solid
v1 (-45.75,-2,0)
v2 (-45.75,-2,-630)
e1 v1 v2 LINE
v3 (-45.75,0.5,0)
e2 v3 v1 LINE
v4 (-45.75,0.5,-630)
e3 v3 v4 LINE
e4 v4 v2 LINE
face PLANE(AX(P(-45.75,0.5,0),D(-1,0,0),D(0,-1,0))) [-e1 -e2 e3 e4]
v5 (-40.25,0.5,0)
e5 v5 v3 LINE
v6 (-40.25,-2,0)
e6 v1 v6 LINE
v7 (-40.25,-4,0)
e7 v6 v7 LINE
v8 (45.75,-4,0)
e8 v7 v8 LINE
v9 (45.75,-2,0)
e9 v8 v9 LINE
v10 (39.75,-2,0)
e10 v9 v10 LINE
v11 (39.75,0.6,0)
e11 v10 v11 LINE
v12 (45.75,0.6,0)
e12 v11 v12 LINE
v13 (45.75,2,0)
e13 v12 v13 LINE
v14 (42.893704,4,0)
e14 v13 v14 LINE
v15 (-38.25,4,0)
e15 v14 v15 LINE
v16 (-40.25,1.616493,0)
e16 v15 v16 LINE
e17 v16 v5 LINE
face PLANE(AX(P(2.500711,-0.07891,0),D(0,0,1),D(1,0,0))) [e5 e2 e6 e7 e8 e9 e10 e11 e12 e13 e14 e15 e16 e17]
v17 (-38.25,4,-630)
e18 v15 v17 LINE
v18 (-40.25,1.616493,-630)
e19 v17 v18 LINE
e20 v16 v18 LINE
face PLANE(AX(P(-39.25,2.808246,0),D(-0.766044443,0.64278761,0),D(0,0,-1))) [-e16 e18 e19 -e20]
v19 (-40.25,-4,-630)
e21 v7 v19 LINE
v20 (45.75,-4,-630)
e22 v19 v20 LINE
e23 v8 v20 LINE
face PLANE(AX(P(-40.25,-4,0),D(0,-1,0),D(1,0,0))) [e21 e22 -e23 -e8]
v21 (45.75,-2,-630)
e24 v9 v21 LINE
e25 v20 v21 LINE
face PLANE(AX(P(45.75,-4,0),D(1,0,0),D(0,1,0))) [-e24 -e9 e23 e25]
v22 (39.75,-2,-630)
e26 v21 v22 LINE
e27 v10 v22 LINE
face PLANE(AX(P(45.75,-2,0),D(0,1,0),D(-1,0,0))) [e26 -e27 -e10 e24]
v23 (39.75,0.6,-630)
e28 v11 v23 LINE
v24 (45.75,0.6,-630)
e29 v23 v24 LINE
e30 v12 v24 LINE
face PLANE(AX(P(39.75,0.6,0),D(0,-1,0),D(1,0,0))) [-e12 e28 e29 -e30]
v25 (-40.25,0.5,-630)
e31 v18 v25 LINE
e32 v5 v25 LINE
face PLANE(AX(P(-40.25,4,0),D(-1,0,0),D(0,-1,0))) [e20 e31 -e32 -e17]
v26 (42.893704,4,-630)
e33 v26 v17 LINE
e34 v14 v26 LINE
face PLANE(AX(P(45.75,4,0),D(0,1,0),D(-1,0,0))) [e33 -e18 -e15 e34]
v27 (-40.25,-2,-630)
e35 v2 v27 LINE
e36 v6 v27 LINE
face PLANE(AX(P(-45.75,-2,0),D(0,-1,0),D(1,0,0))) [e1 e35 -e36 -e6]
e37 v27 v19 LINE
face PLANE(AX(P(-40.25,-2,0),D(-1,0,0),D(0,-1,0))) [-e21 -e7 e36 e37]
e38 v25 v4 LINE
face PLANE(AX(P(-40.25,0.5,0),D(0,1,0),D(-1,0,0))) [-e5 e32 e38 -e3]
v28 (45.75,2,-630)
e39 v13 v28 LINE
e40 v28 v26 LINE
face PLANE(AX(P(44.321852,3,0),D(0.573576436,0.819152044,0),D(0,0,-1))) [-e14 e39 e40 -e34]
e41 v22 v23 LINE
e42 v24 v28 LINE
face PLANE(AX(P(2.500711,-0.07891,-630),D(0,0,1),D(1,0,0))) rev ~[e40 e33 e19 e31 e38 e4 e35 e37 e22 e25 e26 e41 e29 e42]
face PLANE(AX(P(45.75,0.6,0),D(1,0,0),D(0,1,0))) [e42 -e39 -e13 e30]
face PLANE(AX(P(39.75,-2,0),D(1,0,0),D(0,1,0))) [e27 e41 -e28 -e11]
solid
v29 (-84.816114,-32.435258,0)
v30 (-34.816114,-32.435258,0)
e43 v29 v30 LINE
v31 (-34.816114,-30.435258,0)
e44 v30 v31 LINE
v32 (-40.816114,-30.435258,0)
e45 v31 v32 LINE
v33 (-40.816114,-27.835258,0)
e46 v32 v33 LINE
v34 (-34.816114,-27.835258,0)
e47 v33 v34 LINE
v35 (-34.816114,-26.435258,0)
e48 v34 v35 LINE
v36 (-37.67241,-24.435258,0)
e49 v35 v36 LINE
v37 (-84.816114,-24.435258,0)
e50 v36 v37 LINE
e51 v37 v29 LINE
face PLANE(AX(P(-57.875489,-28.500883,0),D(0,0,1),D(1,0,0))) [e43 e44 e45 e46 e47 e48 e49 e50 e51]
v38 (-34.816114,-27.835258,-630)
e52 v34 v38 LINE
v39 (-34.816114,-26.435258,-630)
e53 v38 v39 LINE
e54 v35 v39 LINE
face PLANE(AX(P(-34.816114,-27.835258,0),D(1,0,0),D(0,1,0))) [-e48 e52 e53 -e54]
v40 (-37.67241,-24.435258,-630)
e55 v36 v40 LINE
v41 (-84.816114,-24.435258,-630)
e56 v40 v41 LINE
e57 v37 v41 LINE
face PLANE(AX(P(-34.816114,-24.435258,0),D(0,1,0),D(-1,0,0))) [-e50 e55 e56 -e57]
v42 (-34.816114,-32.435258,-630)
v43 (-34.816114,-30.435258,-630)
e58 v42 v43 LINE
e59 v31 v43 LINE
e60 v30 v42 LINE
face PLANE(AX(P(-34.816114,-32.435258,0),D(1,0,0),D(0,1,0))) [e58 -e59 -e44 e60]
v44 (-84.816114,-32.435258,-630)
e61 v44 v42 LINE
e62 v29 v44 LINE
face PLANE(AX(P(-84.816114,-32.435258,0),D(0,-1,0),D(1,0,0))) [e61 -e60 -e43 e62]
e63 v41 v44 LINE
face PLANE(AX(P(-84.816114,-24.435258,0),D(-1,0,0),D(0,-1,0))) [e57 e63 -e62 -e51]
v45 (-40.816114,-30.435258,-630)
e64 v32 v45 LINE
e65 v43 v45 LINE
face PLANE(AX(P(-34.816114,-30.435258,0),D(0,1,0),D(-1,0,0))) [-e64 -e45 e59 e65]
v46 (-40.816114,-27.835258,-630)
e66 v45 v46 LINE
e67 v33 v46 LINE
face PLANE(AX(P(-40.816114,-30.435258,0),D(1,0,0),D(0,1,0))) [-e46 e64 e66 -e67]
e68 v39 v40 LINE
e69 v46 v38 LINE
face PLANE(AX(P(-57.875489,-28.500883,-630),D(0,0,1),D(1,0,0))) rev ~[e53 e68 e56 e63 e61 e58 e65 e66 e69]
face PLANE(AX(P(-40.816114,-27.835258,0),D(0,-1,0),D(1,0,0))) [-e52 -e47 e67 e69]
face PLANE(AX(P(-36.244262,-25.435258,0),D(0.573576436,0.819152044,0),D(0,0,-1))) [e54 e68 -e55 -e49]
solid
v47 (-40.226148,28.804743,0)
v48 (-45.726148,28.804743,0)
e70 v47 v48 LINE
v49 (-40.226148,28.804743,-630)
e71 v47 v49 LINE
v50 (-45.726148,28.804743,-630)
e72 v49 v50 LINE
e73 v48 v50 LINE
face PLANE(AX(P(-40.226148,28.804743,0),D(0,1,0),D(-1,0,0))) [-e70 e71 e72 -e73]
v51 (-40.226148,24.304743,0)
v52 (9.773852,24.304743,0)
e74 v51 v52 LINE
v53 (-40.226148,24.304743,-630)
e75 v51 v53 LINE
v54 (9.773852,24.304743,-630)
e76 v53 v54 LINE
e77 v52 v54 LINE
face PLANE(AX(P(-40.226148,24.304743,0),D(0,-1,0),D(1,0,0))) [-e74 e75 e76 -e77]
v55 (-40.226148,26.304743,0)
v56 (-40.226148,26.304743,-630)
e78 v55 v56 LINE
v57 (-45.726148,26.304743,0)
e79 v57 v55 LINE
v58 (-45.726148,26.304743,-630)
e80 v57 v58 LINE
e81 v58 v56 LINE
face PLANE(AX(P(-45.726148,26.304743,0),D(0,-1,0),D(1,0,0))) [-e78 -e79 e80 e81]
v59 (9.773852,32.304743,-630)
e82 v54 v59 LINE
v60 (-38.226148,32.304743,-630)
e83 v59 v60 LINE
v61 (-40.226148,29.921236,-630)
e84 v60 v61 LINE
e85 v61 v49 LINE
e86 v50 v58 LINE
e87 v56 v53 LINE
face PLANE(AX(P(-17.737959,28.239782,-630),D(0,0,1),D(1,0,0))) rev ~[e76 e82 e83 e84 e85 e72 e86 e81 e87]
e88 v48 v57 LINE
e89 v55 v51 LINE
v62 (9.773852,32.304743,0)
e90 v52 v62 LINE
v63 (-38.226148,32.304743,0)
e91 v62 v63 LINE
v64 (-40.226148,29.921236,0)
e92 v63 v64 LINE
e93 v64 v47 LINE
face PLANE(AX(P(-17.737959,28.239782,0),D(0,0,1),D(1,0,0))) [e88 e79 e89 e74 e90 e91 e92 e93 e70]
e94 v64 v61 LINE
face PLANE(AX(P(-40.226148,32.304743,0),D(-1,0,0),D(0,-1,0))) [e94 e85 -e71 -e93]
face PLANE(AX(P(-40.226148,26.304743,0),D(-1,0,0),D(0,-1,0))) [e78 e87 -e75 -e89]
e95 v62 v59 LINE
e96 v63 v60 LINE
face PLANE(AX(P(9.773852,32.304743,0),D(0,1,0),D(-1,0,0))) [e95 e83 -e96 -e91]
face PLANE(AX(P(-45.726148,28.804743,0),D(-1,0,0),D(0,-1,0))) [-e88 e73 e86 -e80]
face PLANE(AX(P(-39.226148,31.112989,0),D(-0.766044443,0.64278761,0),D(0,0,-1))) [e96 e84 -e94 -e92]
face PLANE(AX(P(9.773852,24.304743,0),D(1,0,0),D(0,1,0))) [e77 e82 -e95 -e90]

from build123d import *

# Parameters (mm, degrees)
F1_DEPTH = 630
F2_SIZE2 = 2.3835071852
F2_SIZE  = 2
F3_SIZE2 = 2.8562960135
F3_SIZE  = 2
F4_DEPTH = 630
F5_DEPTH = 630
F6_SIZE2 = 2.3835071852
F6_SIZE  = 2
F7_SIZE2 = 2.8562960135
F7_SIZE  = 2


with BuildPart() as f1:
    # F0 (on Top) → F1 (new body)
    with BuildSketch(Plane.XY):
        Polygon((45.75, 0.6), (45.75, 4), (-40.25, 4), (-40.25, 0.5), (-45.75, 0.5), (-45.75, -2), (-40.25, -2), (-40.25, -4), (45.75, -4), (45.75, -2), (39.75, -2), (39.75, 0.6), align=None)
    extrude(amount=-F1_DEPTH)

    # F2
    f2_edges = [f1.edges().sort_by_distance(p)[0] for p in [
        (-40.25, 4, -315),
    ]]
    f2_side = f1.faces().sort_by_distance((2.75, 4, -315))[0]
    chamfer(f2_edges, length=F2_SIZE, length2=F2_SIZE2, reference=f2_side)

    # F3
    f3_edges = [f1.edges().sort_by_distance(p)[0] for p in [
        (45.75, 4, -315),
    ]]
    f3_side = f1.faces().sort_by_distance((45.75, 2.3, -315))[0]
    chamfer(f3_edges, length=F3_SIZE, length2=F3_SIZE2, reference=f3_side)


with BuildPart() as f4:
    # F0 (on Top) → F4 (new body)
    with BuildSketch(Plane.XY):
        Polygon((9.7738518756, 28.9047427452), (9.7738518756, 32.3047427452), (-40.2261481244, 32.3047427452), (-40.2261481244, 28.8047427452), (-45.7261481244, 28.8047427452), (-45.7261481244, 26.3047427452), (-40.2261481244, 26.3047427452), (-40.2261481244, 24.3047427452), (9.7738518756, 24.3047427452), (9.7738518756, 26.3047427452), align=None)
    extrude(amount=-F4_DEPTH)

    # F6
    f6_edges = [f4.edges().sort_by_distance(p)[0] for p in [
        (-40.226148, 32.304743, -315),
    ]]
    f6_side = f4.faces().sort_by_distance((-15.226148, 32.304743, -315))[0]
    chamfer(f6_edges, length=F6_SIZE, length2=F6_SIZE2, reference=f6_side)


with BuildPart() as f5:
    # F0 (on Top) → F5 (new body)
    with BuildSketch(Plane.XY):
        Polygon((-34.8161143508, -27.8352580988), (-34.8161143508, -24.4352580988), (-79.3161143508, -24.4352580988), (-84.8161143508, -24.4352580988), (-84.8161143508, -30.4352580988), (-84.8161143508, -32.4352580988), (-45.8161143508, -32.4352580988), (-40.3161143508, -32.4352580988), (-34.8161143508, -32.4352580988), (-34.8161143508, -30.4352580988), (-40.8161143508, -30.4352580988), (-40.8161143508, -27.8352580988), align=None)
    extrude(amount=-F5_DEPTH)

    # F7
    f7_edges = [f5.edges().sort_by_distance(p)[0] for p in [
        (-34.816114, -24.435258, -315),
    ]]
    f7_side = f5.faces().sort_by_distance((-34.816114, -26.135258, -315))[0]
    chamfer(f7_edges, length=F7_SIZE, length2=F7_SIZE2, reference=f7_side)


solid = Compound([f1.part, f4.part, f5.part])
